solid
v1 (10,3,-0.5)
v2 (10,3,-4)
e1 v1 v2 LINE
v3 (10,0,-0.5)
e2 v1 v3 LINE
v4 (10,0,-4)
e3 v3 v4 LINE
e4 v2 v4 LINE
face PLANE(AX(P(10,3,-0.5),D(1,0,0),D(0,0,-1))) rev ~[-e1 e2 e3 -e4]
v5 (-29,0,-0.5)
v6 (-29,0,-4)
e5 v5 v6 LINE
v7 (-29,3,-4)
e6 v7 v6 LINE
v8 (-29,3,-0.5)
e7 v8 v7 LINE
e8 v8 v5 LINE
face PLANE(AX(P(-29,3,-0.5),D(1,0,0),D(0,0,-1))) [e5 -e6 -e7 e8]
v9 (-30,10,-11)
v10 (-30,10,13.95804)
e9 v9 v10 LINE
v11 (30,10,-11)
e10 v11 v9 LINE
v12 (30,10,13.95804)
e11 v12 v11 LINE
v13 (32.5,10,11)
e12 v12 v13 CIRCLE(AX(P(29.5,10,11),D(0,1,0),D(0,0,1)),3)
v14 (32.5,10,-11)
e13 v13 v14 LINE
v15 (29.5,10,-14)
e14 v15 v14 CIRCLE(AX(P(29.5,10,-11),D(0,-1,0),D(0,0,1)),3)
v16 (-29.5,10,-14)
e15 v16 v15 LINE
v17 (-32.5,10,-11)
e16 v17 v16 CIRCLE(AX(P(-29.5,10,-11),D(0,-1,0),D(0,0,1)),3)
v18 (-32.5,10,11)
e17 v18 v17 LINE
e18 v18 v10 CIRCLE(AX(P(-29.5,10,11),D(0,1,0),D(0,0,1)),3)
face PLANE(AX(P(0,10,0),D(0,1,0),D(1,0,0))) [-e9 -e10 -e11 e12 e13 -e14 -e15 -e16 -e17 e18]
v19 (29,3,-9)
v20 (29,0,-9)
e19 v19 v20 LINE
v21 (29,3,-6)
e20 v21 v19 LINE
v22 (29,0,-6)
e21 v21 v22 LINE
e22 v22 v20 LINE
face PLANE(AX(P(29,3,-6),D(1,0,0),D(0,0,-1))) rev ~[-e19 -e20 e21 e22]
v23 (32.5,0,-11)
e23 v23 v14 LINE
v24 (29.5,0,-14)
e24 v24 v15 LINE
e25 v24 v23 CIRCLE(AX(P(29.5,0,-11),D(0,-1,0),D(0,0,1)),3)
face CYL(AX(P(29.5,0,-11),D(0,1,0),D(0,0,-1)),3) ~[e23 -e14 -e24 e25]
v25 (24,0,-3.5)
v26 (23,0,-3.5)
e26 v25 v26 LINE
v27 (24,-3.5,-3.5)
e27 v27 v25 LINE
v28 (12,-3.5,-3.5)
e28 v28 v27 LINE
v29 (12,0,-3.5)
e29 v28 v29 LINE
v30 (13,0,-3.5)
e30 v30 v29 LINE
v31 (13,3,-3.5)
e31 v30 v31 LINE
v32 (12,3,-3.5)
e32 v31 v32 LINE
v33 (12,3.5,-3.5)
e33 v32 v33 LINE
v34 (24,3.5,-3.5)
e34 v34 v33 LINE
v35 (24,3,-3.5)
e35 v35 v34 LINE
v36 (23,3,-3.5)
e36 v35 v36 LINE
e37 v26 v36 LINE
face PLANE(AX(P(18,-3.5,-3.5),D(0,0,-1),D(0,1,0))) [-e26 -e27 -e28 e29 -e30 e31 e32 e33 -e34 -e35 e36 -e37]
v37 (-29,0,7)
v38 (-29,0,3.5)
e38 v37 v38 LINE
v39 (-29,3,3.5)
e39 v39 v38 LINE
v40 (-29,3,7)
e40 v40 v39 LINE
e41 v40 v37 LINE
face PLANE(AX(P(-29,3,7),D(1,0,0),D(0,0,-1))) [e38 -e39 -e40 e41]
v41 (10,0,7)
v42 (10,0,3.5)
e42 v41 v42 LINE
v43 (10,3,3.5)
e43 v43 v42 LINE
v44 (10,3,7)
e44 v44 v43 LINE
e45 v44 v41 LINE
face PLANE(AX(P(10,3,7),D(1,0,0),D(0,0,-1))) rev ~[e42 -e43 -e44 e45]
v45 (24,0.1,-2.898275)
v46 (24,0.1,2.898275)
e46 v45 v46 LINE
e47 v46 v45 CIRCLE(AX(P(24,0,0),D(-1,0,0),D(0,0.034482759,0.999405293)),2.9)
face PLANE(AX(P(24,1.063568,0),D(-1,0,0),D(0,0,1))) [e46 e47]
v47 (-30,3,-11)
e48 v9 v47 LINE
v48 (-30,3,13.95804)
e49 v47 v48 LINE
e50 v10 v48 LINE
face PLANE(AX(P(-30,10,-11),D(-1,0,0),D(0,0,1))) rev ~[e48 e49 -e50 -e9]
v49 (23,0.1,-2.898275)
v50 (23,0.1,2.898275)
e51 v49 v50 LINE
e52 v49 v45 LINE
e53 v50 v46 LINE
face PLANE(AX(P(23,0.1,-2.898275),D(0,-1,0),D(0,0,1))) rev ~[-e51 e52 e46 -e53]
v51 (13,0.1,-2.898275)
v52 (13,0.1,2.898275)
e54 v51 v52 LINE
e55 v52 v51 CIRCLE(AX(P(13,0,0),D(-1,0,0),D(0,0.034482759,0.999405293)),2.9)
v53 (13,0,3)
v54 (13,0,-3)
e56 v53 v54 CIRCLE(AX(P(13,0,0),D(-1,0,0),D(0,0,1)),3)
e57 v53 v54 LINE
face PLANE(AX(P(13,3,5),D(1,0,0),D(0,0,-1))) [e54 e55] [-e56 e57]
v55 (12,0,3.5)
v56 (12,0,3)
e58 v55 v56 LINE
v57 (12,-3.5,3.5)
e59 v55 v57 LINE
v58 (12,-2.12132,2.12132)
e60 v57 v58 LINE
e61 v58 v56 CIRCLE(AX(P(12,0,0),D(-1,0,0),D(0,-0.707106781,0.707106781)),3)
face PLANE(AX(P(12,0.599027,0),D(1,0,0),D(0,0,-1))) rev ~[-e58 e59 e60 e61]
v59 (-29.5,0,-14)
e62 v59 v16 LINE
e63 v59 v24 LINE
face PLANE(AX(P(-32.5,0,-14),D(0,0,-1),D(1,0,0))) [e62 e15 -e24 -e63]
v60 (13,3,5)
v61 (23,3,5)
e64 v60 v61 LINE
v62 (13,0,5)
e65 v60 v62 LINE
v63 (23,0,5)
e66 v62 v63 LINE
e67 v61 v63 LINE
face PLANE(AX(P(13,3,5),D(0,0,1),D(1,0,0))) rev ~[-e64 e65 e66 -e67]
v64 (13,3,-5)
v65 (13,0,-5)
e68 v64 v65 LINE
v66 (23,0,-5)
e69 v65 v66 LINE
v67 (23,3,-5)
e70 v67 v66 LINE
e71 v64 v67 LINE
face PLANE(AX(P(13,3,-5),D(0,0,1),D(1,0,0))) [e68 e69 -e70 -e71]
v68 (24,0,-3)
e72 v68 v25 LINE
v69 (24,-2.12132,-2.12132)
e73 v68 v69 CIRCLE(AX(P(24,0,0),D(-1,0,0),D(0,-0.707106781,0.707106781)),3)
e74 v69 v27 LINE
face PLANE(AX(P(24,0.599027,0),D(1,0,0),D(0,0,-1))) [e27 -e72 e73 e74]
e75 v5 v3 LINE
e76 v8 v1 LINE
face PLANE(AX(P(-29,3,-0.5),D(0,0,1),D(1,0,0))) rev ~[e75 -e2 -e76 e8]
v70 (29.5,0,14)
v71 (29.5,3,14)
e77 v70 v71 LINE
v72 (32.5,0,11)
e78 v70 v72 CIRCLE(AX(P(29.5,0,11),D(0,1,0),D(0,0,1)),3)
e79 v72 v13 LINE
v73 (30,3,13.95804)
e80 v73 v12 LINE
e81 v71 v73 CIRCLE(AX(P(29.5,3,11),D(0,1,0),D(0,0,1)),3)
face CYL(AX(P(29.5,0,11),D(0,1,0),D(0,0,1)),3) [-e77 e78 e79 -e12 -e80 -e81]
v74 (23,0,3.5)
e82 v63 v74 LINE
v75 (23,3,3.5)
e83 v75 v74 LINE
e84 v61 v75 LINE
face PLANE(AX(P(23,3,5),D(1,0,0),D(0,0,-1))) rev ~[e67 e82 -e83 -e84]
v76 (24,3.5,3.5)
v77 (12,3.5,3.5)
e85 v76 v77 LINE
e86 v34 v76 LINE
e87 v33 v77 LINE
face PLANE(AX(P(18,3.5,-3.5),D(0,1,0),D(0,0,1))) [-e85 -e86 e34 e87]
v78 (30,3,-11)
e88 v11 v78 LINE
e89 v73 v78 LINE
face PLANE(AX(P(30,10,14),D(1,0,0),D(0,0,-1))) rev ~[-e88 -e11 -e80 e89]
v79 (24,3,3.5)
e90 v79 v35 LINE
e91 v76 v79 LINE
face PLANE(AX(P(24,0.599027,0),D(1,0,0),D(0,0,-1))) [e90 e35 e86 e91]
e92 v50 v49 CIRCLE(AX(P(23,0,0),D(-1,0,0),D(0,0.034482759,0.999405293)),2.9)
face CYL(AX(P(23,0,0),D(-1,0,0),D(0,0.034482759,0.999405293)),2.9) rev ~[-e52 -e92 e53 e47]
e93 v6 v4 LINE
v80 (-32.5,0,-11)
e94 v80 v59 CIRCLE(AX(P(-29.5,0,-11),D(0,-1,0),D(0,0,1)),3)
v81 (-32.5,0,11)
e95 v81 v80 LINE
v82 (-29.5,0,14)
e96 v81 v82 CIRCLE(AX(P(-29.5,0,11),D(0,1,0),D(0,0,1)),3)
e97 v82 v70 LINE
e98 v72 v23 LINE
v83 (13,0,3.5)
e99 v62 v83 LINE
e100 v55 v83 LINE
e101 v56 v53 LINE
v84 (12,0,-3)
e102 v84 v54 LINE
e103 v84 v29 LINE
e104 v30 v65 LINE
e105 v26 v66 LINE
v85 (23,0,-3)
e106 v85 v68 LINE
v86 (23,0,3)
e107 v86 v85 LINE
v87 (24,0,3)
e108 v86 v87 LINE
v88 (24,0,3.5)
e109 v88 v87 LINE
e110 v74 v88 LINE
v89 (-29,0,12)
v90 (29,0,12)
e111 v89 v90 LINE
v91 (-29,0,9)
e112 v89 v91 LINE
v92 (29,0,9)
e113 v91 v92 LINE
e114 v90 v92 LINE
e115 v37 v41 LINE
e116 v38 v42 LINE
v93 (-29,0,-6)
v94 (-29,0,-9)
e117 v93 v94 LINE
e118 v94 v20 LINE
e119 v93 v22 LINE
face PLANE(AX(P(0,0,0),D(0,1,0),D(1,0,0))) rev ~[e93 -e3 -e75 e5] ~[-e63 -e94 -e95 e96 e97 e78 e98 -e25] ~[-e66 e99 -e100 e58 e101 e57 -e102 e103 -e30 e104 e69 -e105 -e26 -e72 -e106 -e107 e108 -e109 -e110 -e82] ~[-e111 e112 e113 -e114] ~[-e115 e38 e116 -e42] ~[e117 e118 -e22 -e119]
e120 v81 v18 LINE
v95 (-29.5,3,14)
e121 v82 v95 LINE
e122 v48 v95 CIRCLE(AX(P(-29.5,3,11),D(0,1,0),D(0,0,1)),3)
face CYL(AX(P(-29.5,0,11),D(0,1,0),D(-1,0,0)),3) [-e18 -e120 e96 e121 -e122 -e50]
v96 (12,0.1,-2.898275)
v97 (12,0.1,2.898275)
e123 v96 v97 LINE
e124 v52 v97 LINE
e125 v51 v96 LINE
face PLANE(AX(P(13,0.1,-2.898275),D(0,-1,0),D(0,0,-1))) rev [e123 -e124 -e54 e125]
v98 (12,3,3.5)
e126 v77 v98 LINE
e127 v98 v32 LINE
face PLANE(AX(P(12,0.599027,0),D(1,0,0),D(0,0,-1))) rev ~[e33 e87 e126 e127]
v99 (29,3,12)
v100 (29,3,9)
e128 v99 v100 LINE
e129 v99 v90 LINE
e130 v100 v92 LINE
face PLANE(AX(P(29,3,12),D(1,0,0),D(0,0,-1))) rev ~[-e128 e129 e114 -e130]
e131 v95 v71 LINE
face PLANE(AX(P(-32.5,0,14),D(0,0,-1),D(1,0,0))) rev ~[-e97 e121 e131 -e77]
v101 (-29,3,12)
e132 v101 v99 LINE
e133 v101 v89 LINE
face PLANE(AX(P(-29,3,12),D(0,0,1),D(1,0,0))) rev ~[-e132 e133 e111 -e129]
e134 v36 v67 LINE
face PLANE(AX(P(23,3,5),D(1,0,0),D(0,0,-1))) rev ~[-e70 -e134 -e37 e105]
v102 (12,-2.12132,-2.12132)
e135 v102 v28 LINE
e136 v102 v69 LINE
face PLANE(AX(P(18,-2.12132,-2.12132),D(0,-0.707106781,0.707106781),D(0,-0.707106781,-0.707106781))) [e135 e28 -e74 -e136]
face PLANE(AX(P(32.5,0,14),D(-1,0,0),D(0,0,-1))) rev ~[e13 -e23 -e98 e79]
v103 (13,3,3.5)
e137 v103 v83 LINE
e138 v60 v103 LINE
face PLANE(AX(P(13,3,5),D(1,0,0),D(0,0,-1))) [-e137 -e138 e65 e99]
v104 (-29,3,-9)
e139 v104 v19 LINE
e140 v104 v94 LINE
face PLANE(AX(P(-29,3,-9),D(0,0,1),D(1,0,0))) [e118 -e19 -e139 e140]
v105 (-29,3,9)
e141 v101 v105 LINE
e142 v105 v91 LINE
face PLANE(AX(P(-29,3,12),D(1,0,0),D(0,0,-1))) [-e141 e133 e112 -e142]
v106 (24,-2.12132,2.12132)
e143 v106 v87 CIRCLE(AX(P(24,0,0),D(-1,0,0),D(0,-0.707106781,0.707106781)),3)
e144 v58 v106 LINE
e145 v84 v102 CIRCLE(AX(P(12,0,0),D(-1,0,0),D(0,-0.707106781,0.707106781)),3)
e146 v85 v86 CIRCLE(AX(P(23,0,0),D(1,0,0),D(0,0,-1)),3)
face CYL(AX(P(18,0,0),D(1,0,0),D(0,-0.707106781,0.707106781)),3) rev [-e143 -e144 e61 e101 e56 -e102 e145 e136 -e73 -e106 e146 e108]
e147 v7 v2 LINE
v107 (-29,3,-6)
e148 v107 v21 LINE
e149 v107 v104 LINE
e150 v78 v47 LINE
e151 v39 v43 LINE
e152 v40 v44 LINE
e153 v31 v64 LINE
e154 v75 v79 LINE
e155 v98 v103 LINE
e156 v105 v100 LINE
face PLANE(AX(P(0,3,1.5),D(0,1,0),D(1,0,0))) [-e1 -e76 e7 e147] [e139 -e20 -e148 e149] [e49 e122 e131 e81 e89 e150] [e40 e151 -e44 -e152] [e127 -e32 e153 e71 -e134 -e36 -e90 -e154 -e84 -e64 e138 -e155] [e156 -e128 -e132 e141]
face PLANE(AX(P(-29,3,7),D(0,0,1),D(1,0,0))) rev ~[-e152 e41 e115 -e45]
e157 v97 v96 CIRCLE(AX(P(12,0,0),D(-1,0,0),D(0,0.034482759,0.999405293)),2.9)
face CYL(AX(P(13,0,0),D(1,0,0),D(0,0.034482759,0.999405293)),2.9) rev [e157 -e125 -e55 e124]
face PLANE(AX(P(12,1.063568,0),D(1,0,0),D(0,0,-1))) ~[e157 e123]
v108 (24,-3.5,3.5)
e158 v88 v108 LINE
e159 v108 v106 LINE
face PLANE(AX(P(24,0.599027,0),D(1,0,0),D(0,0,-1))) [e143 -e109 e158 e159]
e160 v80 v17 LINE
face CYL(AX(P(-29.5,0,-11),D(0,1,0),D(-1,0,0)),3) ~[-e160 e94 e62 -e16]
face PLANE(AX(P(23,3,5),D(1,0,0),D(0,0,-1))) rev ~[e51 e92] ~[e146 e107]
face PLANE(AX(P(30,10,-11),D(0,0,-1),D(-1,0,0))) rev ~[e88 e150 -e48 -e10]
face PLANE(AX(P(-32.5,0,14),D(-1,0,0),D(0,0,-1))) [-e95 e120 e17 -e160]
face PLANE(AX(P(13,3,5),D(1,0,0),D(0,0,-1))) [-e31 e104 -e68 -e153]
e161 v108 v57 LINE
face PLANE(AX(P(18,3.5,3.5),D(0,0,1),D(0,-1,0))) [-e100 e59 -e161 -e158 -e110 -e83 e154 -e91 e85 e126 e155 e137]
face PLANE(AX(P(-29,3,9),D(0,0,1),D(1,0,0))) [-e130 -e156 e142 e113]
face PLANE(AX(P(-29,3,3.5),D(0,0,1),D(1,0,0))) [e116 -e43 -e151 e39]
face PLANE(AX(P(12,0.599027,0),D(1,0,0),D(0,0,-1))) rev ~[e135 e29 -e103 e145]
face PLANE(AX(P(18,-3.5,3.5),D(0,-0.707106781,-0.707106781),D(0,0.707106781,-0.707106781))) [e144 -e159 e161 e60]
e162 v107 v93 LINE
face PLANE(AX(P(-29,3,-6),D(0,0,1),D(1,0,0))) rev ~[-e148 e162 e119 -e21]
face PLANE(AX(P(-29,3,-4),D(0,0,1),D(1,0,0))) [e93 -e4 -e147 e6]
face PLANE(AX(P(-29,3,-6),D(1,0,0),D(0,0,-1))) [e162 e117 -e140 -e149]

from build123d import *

# Parameters (mm, degrees)
SKETCH1_W           = 65
SKETCH1_H           = 28
BOSS_EXTRUDE1_DEPTH = 10
CUT_EXTRUDE1_DEPTH  = 7
SKETCH3_W           = 10
SKETCH3_H           = 10
CUT_EXTRUDE2_DEPTH  = 7
BOSS_EXTRUDE5_DEPTH = 6
CUT_EXTRUDE6_DEPTH  = 1
SKETCH6_W           = 58
SKETCH6_H           = 3
SKETCH6_W_2         = 39
SKETCH6_H_2         = 3.5
CUT_EXTRUDE7_DEPTH  = 41
FILLET1_R           = 3


with BuildPart() as part:
    # Sketch1 → Boss-Extrude1 (new body)
    with BuildSketch(Plane(origin=(0, 0, 0), x_dir=(1, 0, 0), z_dir=(0, 1, 0))):
        Rectangle(SKETCH1_W, SKETCH1_H)
    extrude(amount=BOSS_EXTRUDE1_DEPTH)

    # Sketch2 → Cut-Extrude1 (cut)
    with BuildSketch(Plane(origin=(0, 10, 0), x_dir=(1, 0, 0), z_dir=(0, 1, 0))):
        Polygon((30, -11), (30, 11), (-30, 11), (-30, -11), (-30, -14), (30, -14), align=None)
    extrude(amount=-CUT_EXTRUDE1_DEPTH, mode=Mode.SUBTRACT)

    # Sketch3 → Cut-Extrude2 (cut)
    with BuildSketch(Plane(origin=(0, 3, 0), x_dir=(1, 0, 0), z_dir=(0, 1, 0))):
        with Locations((18, 0)):
            Rectangle(SKETCH3_W, SKETCH3_H)
    extrude(amount=-CUT_EXTRUDE2_DEPTH, mode=Mode.SUBTRACT)

    # Sketch4 → Boss-Extrude5 (add, symmetric)
    with BuildSketch(Plane(origin=(18, 0, 0), x_dir=(0, 0, -1), z_dir=(1, 0, 0))):
        with BuildLine():
            Line((-3.5, -3.5), (-2.121320344, -2.121320344))
            ThreePointArc((-2.121320344, -2.121320344), (0, 3), (2.121320344, -2.121320344))
            Line((2.121320344, -2.121320344), (3.5, -3.5))
            Line((3.5, -3.5), (3.5, 3.5))
            Line((3.5, 3.5), (-3.5, 3.5))
            Line((-3.5, 3.5), (-3.5, -3.5))
        make_face()
    extrude(amount=BOSS_EXTRUDE5_DEPTH, both=True)

    # Sketch5 → Cut-Extrude6 (cut)
    with BuildSketch(Plane.ZY.offset(-23)):
        with BuildLine():
            Line((-2.898275349, 0.1), (2.898275349, 0.1))
            ThreePointArc((2.898275349, 0.1), (0, 2.9), (-2.898275349, 0.1))
        make_face()
    cut_extrude6 = extrude(amount=-CUT_EXTRUDE6_DEPTH, mode=Mode.SUBTRACT)

    # Mirror1: Cut-Extrude6 across plane
    add(cut_extrude6.mirror(Plane(origin=(18, 0, 0), x_dir=(0, 0, 1), z_dir=(1, 0, 0))), mode=Mode.SUBTRACT)

    # Sketch6 → Cut-Extrude7 (cut)
    with BuildSketch(Plane(origin=(0, 3, 0), x_dir=(1, 0, 0), z_dir=(0, 1, 0))):
        with Locations((0, 7.5)):
            Rectangle(SKETCH6_W, SKETCH6_H)
        with Locations((-9.5, 2.25)):
            Rectangle(SKETCH6_W_2, SKETCH6_H_2)
        with Locations((-9.5, -5.25)):
            Rectangle(SKETCH6_W_2, SKETCH6_H_2)
        with Locations((0, -10.5)):
            Rectangle(SKETCH6_W, SKETCH6_H)
    extrude(amount=-CUT_EXTRUDE7_DEPTH, mode=Mode.SUBTRACT)

    # Fillet1
    fillet1_edges = [part.edges().sort_by_distance(p)[0] for p in [
        (32.5, 5, 14),
        (-32.5, 5, 14),
        (-32.5, 5, -14),
        (32.5, 5, -14),
    ]]
    fillet(fillet1_edges, radius=FILLET1_R)


solid = part.part
